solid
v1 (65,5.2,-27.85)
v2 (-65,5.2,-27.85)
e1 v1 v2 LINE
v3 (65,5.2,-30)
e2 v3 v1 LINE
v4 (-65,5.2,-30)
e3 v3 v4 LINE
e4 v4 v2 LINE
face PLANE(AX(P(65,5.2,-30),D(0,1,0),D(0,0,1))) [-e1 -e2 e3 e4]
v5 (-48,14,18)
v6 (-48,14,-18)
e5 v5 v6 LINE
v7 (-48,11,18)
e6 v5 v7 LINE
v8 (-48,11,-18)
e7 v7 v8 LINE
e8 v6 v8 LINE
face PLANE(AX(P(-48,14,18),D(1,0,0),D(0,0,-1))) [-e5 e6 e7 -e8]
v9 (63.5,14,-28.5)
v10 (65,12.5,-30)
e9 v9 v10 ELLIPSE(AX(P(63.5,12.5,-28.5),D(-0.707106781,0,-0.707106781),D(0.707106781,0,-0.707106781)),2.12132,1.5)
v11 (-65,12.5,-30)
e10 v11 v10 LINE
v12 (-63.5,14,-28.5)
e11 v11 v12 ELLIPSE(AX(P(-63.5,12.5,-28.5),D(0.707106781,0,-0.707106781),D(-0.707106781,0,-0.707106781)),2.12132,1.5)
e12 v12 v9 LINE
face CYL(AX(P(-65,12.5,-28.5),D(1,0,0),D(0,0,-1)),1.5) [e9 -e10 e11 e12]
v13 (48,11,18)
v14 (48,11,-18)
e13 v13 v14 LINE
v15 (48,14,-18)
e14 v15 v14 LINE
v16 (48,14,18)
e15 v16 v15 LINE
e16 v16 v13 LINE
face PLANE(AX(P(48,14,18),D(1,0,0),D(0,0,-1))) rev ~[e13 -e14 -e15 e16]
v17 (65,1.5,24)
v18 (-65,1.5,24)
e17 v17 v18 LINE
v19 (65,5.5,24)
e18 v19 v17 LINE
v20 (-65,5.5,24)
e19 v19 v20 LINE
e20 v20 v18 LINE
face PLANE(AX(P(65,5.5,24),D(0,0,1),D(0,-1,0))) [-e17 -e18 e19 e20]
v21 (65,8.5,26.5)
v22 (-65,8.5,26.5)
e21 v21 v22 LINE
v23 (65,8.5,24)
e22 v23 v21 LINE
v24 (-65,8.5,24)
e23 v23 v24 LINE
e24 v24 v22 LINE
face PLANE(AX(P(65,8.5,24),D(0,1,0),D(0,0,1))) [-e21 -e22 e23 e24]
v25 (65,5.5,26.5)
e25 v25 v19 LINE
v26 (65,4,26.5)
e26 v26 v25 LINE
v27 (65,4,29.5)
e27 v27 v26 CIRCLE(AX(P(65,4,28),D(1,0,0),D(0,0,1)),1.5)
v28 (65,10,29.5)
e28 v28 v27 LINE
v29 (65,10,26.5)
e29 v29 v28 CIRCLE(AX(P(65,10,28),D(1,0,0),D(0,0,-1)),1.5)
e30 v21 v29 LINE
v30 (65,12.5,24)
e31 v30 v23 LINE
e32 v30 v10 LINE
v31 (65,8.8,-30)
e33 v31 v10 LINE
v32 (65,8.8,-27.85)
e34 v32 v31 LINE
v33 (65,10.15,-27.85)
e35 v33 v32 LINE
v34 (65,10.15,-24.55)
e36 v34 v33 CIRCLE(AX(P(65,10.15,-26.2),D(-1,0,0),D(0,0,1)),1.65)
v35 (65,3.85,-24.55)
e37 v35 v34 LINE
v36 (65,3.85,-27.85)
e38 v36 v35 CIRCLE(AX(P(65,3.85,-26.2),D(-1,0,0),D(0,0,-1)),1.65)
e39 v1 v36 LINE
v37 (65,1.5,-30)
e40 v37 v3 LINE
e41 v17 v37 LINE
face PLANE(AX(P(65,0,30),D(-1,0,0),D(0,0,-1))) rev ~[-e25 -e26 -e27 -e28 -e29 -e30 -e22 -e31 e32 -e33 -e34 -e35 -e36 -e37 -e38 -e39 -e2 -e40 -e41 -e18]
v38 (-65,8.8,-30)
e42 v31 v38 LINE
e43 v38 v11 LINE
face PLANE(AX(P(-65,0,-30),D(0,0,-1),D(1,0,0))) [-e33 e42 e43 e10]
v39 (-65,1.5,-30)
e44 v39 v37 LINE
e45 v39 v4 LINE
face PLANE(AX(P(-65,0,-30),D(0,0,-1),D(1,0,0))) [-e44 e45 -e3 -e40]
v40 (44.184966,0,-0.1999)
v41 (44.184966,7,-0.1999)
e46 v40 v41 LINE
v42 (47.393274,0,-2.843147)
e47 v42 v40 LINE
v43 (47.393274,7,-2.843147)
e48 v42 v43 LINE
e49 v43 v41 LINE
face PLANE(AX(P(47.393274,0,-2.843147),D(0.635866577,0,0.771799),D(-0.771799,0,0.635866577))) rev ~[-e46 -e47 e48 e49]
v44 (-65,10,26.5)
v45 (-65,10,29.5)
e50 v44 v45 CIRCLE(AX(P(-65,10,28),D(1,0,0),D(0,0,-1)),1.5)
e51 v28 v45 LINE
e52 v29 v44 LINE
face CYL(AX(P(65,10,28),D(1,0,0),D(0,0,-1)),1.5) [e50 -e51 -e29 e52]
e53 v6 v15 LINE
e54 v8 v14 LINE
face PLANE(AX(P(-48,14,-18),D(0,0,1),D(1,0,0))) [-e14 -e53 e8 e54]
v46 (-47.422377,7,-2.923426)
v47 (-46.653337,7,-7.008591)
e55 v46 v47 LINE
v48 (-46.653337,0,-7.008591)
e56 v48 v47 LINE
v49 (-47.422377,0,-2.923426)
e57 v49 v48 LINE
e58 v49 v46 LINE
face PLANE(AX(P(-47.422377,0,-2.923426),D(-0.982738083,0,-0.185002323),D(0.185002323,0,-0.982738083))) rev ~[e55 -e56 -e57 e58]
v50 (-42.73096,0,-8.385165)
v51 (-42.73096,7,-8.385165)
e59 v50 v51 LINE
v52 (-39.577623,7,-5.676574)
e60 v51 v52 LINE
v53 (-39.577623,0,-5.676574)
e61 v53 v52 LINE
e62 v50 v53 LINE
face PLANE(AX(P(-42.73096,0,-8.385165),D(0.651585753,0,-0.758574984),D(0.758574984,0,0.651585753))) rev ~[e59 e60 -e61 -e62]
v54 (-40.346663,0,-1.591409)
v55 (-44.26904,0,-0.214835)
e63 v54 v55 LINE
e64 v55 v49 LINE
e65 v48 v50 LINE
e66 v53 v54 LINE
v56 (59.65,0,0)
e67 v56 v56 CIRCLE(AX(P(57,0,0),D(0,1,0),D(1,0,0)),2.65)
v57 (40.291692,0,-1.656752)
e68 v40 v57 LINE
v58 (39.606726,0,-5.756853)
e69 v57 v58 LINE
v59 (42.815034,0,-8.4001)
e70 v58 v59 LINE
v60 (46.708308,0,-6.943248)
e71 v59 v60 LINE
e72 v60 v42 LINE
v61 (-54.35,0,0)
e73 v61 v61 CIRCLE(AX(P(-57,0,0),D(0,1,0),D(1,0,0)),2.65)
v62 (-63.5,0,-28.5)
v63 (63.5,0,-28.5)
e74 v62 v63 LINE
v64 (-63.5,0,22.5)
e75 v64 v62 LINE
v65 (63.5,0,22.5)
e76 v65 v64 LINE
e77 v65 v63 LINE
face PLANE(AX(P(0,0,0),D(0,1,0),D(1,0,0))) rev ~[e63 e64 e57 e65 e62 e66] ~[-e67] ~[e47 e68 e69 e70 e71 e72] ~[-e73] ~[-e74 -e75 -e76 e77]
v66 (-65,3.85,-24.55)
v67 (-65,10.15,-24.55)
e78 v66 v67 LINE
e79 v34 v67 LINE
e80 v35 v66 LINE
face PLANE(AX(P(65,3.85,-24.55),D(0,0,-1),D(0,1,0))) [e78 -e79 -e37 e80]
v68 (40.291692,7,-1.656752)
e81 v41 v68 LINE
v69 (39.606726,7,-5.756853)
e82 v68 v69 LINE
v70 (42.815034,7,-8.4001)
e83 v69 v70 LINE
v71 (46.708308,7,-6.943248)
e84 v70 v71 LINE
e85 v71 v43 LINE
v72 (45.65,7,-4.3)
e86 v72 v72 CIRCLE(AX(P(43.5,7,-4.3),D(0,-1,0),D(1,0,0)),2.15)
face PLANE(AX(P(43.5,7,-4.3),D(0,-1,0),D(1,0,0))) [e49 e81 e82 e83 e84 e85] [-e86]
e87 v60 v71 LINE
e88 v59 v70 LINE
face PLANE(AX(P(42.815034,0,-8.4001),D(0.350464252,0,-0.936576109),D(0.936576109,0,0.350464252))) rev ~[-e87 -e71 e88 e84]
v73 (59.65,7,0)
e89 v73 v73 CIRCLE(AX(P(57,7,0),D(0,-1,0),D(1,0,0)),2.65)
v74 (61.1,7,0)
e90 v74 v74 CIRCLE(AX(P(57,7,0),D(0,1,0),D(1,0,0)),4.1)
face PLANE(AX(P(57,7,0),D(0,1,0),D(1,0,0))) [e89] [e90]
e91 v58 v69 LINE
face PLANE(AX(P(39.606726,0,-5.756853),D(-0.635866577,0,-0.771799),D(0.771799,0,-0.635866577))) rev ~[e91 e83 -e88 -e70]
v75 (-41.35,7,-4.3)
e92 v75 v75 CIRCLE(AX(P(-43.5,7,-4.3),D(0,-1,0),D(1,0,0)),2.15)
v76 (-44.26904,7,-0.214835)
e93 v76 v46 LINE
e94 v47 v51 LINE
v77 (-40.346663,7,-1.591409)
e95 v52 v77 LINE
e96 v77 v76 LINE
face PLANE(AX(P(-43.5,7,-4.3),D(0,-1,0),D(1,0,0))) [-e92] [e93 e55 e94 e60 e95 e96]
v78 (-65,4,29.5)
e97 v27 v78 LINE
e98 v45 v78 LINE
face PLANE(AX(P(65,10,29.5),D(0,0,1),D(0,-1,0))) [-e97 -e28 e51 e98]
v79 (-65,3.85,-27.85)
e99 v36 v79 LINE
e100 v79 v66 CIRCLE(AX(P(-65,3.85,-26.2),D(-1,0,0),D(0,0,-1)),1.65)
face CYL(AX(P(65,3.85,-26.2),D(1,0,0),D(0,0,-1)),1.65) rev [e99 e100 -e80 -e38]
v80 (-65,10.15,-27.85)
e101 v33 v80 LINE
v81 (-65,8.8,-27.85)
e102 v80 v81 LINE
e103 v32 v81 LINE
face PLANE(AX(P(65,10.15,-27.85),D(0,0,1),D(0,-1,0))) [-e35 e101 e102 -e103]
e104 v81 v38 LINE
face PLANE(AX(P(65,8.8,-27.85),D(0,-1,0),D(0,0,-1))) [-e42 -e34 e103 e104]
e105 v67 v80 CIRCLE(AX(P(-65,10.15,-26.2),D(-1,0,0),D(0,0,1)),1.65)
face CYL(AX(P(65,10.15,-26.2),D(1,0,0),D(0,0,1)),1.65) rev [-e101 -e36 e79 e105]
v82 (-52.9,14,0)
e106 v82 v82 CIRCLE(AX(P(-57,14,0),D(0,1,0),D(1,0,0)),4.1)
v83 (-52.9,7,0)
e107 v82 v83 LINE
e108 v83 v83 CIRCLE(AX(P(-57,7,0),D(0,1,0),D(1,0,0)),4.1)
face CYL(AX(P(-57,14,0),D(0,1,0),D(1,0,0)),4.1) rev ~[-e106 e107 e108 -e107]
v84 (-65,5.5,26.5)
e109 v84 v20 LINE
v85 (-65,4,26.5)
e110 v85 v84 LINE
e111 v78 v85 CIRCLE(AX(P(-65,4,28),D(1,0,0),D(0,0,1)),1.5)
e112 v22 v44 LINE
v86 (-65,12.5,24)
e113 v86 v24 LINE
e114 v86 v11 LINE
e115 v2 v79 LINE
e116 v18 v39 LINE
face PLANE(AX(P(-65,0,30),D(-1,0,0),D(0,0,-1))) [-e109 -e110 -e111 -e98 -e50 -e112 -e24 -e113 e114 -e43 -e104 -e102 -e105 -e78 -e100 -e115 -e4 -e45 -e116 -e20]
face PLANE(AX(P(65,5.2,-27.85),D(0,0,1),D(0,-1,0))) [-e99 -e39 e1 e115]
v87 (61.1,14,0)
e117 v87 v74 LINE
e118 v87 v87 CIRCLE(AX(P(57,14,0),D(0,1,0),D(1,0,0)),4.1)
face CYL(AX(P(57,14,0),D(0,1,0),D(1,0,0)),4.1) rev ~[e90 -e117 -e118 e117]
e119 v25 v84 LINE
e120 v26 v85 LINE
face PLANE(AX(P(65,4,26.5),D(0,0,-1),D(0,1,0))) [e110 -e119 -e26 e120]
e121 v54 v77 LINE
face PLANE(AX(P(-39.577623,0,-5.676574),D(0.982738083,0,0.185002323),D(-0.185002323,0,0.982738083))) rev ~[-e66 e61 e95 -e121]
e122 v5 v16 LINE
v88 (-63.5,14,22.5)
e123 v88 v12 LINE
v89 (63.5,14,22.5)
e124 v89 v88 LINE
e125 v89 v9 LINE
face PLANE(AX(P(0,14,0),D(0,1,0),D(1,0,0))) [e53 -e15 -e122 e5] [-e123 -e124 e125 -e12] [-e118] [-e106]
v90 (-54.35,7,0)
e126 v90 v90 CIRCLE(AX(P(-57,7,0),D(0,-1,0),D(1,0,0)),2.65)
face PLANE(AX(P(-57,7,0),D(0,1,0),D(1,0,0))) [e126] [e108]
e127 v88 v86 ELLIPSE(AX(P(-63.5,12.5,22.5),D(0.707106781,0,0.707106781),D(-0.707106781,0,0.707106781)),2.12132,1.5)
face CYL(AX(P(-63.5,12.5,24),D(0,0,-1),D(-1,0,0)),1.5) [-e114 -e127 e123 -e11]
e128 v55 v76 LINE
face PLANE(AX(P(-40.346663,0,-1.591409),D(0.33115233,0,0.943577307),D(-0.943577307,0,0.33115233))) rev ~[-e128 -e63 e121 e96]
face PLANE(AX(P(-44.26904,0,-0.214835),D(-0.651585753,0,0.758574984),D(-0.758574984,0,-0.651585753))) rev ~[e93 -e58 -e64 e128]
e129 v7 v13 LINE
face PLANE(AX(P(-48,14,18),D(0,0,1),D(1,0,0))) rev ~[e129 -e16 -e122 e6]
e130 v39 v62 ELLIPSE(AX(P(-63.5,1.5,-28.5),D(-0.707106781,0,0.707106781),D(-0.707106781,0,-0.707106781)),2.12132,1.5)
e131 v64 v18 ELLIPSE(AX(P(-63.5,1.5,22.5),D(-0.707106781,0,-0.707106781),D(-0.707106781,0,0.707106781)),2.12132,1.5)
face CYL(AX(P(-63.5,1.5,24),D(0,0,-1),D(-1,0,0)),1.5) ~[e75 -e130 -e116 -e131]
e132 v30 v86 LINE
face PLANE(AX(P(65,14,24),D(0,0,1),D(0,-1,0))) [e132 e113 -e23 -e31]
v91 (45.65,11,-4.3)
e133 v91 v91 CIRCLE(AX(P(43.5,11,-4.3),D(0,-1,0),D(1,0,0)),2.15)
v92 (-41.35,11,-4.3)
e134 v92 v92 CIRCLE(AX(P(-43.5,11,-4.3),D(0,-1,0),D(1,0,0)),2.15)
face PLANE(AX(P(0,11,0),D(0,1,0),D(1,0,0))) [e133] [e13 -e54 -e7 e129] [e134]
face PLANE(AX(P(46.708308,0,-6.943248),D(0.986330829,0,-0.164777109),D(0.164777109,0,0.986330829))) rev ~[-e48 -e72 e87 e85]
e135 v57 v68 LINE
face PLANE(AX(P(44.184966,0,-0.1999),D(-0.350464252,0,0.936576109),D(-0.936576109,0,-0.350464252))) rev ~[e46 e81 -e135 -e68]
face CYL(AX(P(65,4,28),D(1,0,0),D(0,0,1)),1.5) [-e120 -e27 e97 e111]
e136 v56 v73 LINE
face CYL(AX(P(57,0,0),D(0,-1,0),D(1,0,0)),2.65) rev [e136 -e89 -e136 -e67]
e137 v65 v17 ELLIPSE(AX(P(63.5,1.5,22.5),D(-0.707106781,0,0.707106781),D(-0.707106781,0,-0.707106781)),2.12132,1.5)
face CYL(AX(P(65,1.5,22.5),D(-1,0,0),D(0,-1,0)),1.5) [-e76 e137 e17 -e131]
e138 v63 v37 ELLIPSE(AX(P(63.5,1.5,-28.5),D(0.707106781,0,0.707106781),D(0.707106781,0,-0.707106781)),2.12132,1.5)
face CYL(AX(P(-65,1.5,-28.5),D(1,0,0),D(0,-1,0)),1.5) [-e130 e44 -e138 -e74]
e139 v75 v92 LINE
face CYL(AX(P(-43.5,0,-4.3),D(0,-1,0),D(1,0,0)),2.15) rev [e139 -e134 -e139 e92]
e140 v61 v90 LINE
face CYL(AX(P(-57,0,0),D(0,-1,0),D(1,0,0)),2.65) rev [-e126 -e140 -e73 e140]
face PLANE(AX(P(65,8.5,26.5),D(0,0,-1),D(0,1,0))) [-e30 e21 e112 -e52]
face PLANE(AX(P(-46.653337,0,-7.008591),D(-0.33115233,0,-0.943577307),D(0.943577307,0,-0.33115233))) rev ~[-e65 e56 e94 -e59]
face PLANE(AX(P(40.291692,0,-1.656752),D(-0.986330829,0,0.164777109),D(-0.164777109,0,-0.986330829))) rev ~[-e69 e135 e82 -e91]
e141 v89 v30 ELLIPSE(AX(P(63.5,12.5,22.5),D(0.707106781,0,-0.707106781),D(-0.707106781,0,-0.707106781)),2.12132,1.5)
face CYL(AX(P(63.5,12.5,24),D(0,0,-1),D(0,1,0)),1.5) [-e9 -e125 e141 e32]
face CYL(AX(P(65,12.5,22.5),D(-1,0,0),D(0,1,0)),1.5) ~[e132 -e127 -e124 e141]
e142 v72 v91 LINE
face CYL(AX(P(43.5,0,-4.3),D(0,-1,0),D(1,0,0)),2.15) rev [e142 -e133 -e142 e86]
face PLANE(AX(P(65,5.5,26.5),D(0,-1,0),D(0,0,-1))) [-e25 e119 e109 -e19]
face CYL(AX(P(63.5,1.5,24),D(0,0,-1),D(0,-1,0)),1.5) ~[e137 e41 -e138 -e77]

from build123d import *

# Parameters (mm, degrees)
SKETCH1_W           = 130
SKETCH1_H           = 60
SKETCH1_R           = 2.15
SKETCH1_R_2         = 2.65
BOSS_EXTRUDE1_DEPTH = 14
CUT_EXTRUDE1_DEPTH  = 7
SKETCH3_R           = 4.1
CUT_EXTRUDE2_DEPTH  = 7
SKETCH4_W           = 96
SKETCH4_H           = 36
CUT_EXTRUDE3_DEPTH  = 3
CUT_EXTRUDE4_DEPTH  = 130
FILLET1_R           = 1.5


with BuildPart() as part:
    # Sketch1 → Boss-Extrude1 (new body)
    with BuildSketch(Plane(origin=(0, 0, 0), x_dir=(1, 0, 0), z_dir=(0, 1, 0))):
        Rectangle(SKETCH1_W, SKETCH1_H)
        with Locations((-43.5, 4.3)):
            Circle(SKETCH1_R, mode=Mode.SUBTRACT)
        with Locations((43.5, 4.3)):
            Circle(SKETCH1_R, mode=Mode.SUBTRACT)
        with Locations((-57, 0)):
            Circle(SKETCH1_R_2, mode=Mode.SUBTRACT)
        with Locations((57, 0)):
            Circle(SKETCH1_R_2, mode=Mode.SUBTRACT)
    extrude(amount=BOSS_EXTRUDE1_DEPTH)

    # Sketch2 → Cut-Extrude1 (cut)
    with BuildSketch(Plane.XZ):
        Polygon((-39.577622793, -5.676574387), (-40.346663007, -1.591408889), (-44.269040214, -0.214834502), (-47.422377207, -2.923425613), (-46.653336993, -7.008591111), (-42.730959786, -8.385165498), align=None)
        Polygon((42.815034421, -8.400100262), (46.708308195, -6.943247723), (47.393273774, -2.843147461), (44.184965579, -0.199899738), (40.291691805, -1.656752277), (39.606726226, -5.756852539), align=None)
    extrude(amount=-CUT_EXTRUDE1_DEPTH, mode=Mode.SUBTRACT)

    # Sketch3 → Cut-Extrude2 (cut)
    with BuildSketch(Plane(origin=(0, 14, 0), x_dir=(1, 0, 0), z_dir=(0, 1, 0))):
        with Locations((-57, 0)):
            Circle(SKETCH3_R)
        with Locations((57, 0)):
            Circle(SKETCH3_R)
    extrude(amount=-CUT_EXTRUDE2_DEPTH, mode=Mode.SUBTRACT)

    # Sketch4 → Cut-Extrude3 (cut)
    with BuildSketch(Plane(origin=(0, 14, 0), x_dir=(1, 0, 0), z_dir=(0, 1, 0))):
        Rectangle(SKETCH4_W, SKETCH4_H)
    extrude(amount=-CUT_EXTRUDE3_DEPTH, mode=Mode.SUBTRACT)

    # Sketch5 → Cut-Extrude4 (cut)
    with BuildSketch(Plane(origin=(65, 0, 0), x_dir=(0, 0, -1), z_dir=(1, 0, 0))):
        with BuildLine():
            Line((-24, 14), (-24, 8.5))
            Line((-24, 8.5), (-26.5, 8.5))
            Line((-26.5, 8.5), (-26.5, 10))
            ThreePointArc((-26.5, 10), (-28, 11.5), (-29.5, 10))
            Line((-29.5, 10), (-29.5, 4))
            ThreePointArc((-29.5, 4), (-28, 2.5), (-26.5, 4))
            Line((-26.5, 4), (-26.5, 5.5))
            Line((-26.5, 5.5), (-24, 5.5))
            Line((-24, 5.5), (-24, 0))
            Line((-24, 0), (-30, 0))
            Line((-30, 0), (-30, 14))
            Line((-30, 14), (-24, 14))
        make_face()
        with BuildLine():
            Line((27.85, 8.8), (30, 8.8))
            Line((30, 8.8), (30, 5.2))
            Line((30, 5.2), (27.85, 5.2))
            Line((27.85, 5.2), (27.85, 3.85))
            ThreePointArc((27.85, 3.85), (26.2, 2.2), (24.55, 3.85))
            Line((24.55, 3.85), (24.55, 10.15))
            ThreePointArc((24.55, 10.15), (26.2, 11.8), (27.85, 10.15))
            Line((27.85, 10.15), (27.85, 8.8))
        make_face()
    extrude(amount=-CUT_EXTRUDE4_DEPTH, mode=Mode.SUBTRACT)

    # Fillet1
    fillet1_edges = [part.edges().sort_by_distance(p)[0] for p in [
        (65, 0, -3),
        (65, 14, -3),
        (0, 14, 24),
        (0, 0, 24),
        (-65, 14, -3),
        (-65, 0, -3),
        (0, 0, -30),
        (0, 14, -30),
    ]]
    fillet(fillet1_edges, radius=FILLET1_R)


solid = part.part
